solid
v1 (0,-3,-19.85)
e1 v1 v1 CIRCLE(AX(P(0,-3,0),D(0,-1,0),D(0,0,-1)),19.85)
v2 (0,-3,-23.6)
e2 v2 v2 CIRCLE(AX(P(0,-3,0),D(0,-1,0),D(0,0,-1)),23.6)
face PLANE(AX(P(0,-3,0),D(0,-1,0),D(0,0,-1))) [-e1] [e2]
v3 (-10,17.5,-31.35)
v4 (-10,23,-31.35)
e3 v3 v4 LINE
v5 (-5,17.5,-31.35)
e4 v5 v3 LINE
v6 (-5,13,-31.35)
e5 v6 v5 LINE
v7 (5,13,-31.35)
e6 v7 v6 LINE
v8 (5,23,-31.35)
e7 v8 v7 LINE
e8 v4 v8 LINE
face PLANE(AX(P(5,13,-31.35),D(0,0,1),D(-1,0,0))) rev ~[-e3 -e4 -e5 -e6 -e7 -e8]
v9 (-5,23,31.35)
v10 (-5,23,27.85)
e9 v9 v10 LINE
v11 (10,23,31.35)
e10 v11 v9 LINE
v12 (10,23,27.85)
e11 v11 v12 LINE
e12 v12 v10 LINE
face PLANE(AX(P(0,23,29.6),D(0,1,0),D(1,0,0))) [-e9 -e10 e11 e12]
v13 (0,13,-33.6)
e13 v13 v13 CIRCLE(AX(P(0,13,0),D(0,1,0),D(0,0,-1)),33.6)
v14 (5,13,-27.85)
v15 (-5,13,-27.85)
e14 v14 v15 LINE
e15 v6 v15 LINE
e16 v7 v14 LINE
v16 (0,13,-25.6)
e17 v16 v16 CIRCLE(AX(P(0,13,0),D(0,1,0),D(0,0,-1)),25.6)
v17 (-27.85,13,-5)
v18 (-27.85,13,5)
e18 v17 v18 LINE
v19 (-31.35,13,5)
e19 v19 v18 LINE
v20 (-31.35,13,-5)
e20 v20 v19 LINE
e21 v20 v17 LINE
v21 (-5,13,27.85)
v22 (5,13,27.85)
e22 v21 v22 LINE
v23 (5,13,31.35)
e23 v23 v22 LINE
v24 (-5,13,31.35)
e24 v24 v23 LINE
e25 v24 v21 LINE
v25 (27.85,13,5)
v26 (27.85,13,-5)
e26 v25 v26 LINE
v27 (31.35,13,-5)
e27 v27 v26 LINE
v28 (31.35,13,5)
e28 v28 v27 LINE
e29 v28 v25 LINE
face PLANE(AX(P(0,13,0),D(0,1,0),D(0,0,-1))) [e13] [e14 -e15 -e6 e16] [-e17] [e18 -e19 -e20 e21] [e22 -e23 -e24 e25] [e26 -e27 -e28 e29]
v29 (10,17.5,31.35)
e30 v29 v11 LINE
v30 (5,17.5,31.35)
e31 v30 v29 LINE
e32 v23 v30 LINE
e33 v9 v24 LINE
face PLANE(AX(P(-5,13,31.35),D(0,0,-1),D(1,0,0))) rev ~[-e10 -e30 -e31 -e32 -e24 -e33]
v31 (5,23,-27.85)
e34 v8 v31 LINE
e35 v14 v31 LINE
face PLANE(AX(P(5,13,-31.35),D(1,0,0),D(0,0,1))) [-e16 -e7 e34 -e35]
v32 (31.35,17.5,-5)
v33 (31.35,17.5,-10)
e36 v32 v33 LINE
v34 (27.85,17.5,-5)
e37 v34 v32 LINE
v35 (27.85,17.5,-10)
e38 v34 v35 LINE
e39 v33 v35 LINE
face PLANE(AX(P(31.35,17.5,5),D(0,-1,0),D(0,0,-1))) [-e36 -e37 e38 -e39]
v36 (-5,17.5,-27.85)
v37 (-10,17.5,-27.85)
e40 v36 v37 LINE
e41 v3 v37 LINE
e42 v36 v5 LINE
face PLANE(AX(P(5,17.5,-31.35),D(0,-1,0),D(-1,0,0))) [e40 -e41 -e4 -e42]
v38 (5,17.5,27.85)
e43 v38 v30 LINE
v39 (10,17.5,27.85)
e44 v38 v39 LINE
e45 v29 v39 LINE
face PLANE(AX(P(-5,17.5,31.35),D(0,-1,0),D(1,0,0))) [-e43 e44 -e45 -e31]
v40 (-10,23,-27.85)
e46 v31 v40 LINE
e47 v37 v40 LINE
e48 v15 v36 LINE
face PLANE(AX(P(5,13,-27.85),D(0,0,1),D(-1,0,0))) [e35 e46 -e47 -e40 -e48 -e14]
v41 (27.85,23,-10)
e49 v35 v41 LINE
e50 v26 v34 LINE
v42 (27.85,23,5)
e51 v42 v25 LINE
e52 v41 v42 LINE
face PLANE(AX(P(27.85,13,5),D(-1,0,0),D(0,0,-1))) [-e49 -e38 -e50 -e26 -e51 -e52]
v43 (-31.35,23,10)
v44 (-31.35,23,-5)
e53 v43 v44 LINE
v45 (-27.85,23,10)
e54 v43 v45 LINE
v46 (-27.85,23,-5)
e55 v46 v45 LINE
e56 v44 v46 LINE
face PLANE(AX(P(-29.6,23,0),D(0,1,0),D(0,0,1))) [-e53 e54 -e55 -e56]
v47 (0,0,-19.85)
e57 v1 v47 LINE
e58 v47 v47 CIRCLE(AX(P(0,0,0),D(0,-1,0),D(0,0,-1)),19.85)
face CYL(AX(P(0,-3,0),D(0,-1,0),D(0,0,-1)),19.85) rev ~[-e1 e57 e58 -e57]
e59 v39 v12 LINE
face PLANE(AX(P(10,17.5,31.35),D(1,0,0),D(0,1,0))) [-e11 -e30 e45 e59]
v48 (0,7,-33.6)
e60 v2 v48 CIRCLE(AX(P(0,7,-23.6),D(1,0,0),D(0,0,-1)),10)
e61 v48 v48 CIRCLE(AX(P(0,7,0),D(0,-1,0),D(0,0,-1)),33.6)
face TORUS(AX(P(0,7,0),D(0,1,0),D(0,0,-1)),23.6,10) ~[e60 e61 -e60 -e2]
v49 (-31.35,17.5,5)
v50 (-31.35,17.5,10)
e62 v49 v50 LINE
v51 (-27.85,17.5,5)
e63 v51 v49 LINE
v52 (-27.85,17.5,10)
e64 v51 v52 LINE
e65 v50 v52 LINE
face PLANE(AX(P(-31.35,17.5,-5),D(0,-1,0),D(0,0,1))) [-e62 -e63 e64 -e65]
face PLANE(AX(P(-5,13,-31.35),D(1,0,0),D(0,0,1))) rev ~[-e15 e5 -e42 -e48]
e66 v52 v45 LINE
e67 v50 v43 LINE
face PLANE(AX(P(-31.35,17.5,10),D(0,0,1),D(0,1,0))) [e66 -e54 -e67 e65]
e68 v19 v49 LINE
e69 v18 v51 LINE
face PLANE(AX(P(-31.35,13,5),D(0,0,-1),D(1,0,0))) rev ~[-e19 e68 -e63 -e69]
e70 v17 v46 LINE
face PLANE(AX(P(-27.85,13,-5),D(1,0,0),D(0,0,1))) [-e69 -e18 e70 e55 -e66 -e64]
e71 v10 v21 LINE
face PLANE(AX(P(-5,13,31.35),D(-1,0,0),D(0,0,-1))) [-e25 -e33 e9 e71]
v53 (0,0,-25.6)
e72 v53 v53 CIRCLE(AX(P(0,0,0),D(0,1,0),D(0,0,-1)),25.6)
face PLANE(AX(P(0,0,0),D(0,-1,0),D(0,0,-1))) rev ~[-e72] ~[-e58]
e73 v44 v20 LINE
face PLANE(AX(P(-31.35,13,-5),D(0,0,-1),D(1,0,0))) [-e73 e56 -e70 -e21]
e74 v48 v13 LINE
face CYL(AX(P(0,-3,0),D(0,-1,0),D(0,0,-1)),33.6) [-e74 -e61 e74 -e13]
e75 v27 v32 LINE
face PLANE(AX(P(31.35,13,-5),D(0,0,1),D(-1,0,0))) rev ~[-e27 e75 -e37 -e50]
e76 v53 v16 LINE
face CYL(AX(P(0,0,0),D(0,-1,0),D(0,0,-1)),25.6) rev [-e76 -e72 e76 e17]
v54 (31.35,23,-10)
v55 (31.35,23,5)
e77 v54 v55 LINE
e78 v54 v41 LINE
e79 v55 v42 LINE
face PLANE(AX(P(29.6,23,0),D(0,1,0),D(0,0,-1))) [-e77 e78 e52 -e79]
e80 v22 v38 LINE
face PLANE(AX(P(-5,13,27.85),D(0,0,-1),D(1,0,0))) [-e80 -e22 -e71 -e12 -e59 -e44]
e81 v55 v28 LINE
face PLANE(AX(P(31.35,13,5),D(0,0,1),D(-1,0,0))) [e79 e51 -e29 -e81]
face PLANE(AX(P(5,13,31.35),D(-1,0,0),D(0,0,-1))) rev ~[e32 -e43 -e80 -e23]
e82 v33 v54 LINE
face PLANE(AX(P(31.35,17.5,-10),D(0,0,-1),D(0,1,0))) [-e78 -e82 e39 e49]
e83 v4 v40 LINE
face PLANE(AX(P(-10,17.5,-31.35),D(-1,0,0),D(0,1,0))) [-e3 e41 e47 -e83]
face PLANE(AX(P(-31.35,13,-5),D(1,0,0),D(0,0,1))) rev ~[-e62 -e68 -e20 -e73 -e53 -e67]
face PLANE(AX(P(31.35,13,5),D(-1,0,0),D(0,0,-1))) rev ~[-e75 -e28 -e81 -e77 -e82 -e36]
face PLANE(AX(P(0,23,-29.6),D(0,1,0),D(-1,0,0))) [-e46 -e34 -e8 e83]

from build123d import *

# Parameters (mm, degrees)
SKETCH1_R           = 33.6
SKETCH1_R_2         = 25.6
BOSS_EXTRUDE1_DEPTH = 13
SKETCH2_W           = 10
SKETCH2_H           = 3.5
BOSS_EXTRUDE2_DEPTH = 10
BOSS_EXTRUDE3_START = 3
SKETCH3_R           = 33.6
SKETCH3_R_2         = 19.85
BOSS_EXTRUDE3_DEPTH = 3
SKETCH4_W           = 15
SKETCH4_H           = 5.5
BOSS_EXTRUDE4_DEPTH = 3.5
CIRPATTERN1_COUNT   = 4
FILLET1_R           = 10


with BuildPart() as part:
    # Sketch1 → Boss-Extrude1 (new body)
    with BuildSketch(Plane(origin=(0, 0, 0), x_dir=(1, 0, 0), z_dir=(0, 1, 0))):
        with Locations(Location((0, 0, 0), (0, 0, 90))):
            Circle(SKETCH1_R)
        with Locations(Location((0, 0, 0), (0, 0, 90))):
            Circle(SKETCH1_R_2, mode=Mode.SUBTRACT)
    extrude(amount=BOSS_EXTRUDE1_DEPTH)

    # Sketch2 → Boss-Extrude2 (add)
    with BuildSketch(Plane(origin=(0, 13, 0), x_dir=(1, 0, 0), z_dir=(0, 1, 0))):
        with Locations((0, -29.6)):
            Rectangle(SKETCH2_W, SKETCH2_H)
    boss_extrude2 = extrude(amount=BOSS_EXTRUDE2_DEPTH)

    # Sketch3 → Boss-Extrude3 (add)
    with BuildSketch(Plane.XZ.offset(BOSS_EXTRUDE3_START)):
        with Locations(Location((0, 0, 0), (0, 0, 270))):
            Circle(SKETCH3_R)
        with Locations(Location((0, 0, 0), (0, 0, 270))):
            Circle(SKETCH3_R_2, mode=Mode.SUBTRACT)
    extrude(amount=-BOSS_EXTRUDE3_DEPTH)

    # Sketch4 → Boss-Extrude4 (add)
    with BuildSketch(Plane.XY.offset(31.35)):
        with Locations((2.5, 20.25)):
            Rectangle(SKETCH4_W, SKETCH4_H)
    boss_extrude4 = extrude(amount=-BOSS_EXTRUDE4_DEPTH)

    # CirPattern1: Boss-Extrude2, Boss-Extrude4 ×4 about axis
    cirpattern1_axis = Axis((0, 0, 0), (0, 1, 0))
    add([boss_extrude2.rotate(cirpattern1_axis, i * 360 / CIRPATTERN1_COUNT) for i in range(1, CIRPATTERN1_COUNT)])
    add([boss_extrude4.rotate(cirpattern1_axis, i * 360 / CIRPATTERN1_COUNT) for i in range(1, CIRPATTERN1_COUNT)])

    # Fillet1
    fillet1_edges = [part.edges().sort_by_distance(p)[0] for p in [
        (0, -3, 33.6),
    ]]
    fillet(fillet1_edges, radius=FILLET1_R)


solid = part.part
